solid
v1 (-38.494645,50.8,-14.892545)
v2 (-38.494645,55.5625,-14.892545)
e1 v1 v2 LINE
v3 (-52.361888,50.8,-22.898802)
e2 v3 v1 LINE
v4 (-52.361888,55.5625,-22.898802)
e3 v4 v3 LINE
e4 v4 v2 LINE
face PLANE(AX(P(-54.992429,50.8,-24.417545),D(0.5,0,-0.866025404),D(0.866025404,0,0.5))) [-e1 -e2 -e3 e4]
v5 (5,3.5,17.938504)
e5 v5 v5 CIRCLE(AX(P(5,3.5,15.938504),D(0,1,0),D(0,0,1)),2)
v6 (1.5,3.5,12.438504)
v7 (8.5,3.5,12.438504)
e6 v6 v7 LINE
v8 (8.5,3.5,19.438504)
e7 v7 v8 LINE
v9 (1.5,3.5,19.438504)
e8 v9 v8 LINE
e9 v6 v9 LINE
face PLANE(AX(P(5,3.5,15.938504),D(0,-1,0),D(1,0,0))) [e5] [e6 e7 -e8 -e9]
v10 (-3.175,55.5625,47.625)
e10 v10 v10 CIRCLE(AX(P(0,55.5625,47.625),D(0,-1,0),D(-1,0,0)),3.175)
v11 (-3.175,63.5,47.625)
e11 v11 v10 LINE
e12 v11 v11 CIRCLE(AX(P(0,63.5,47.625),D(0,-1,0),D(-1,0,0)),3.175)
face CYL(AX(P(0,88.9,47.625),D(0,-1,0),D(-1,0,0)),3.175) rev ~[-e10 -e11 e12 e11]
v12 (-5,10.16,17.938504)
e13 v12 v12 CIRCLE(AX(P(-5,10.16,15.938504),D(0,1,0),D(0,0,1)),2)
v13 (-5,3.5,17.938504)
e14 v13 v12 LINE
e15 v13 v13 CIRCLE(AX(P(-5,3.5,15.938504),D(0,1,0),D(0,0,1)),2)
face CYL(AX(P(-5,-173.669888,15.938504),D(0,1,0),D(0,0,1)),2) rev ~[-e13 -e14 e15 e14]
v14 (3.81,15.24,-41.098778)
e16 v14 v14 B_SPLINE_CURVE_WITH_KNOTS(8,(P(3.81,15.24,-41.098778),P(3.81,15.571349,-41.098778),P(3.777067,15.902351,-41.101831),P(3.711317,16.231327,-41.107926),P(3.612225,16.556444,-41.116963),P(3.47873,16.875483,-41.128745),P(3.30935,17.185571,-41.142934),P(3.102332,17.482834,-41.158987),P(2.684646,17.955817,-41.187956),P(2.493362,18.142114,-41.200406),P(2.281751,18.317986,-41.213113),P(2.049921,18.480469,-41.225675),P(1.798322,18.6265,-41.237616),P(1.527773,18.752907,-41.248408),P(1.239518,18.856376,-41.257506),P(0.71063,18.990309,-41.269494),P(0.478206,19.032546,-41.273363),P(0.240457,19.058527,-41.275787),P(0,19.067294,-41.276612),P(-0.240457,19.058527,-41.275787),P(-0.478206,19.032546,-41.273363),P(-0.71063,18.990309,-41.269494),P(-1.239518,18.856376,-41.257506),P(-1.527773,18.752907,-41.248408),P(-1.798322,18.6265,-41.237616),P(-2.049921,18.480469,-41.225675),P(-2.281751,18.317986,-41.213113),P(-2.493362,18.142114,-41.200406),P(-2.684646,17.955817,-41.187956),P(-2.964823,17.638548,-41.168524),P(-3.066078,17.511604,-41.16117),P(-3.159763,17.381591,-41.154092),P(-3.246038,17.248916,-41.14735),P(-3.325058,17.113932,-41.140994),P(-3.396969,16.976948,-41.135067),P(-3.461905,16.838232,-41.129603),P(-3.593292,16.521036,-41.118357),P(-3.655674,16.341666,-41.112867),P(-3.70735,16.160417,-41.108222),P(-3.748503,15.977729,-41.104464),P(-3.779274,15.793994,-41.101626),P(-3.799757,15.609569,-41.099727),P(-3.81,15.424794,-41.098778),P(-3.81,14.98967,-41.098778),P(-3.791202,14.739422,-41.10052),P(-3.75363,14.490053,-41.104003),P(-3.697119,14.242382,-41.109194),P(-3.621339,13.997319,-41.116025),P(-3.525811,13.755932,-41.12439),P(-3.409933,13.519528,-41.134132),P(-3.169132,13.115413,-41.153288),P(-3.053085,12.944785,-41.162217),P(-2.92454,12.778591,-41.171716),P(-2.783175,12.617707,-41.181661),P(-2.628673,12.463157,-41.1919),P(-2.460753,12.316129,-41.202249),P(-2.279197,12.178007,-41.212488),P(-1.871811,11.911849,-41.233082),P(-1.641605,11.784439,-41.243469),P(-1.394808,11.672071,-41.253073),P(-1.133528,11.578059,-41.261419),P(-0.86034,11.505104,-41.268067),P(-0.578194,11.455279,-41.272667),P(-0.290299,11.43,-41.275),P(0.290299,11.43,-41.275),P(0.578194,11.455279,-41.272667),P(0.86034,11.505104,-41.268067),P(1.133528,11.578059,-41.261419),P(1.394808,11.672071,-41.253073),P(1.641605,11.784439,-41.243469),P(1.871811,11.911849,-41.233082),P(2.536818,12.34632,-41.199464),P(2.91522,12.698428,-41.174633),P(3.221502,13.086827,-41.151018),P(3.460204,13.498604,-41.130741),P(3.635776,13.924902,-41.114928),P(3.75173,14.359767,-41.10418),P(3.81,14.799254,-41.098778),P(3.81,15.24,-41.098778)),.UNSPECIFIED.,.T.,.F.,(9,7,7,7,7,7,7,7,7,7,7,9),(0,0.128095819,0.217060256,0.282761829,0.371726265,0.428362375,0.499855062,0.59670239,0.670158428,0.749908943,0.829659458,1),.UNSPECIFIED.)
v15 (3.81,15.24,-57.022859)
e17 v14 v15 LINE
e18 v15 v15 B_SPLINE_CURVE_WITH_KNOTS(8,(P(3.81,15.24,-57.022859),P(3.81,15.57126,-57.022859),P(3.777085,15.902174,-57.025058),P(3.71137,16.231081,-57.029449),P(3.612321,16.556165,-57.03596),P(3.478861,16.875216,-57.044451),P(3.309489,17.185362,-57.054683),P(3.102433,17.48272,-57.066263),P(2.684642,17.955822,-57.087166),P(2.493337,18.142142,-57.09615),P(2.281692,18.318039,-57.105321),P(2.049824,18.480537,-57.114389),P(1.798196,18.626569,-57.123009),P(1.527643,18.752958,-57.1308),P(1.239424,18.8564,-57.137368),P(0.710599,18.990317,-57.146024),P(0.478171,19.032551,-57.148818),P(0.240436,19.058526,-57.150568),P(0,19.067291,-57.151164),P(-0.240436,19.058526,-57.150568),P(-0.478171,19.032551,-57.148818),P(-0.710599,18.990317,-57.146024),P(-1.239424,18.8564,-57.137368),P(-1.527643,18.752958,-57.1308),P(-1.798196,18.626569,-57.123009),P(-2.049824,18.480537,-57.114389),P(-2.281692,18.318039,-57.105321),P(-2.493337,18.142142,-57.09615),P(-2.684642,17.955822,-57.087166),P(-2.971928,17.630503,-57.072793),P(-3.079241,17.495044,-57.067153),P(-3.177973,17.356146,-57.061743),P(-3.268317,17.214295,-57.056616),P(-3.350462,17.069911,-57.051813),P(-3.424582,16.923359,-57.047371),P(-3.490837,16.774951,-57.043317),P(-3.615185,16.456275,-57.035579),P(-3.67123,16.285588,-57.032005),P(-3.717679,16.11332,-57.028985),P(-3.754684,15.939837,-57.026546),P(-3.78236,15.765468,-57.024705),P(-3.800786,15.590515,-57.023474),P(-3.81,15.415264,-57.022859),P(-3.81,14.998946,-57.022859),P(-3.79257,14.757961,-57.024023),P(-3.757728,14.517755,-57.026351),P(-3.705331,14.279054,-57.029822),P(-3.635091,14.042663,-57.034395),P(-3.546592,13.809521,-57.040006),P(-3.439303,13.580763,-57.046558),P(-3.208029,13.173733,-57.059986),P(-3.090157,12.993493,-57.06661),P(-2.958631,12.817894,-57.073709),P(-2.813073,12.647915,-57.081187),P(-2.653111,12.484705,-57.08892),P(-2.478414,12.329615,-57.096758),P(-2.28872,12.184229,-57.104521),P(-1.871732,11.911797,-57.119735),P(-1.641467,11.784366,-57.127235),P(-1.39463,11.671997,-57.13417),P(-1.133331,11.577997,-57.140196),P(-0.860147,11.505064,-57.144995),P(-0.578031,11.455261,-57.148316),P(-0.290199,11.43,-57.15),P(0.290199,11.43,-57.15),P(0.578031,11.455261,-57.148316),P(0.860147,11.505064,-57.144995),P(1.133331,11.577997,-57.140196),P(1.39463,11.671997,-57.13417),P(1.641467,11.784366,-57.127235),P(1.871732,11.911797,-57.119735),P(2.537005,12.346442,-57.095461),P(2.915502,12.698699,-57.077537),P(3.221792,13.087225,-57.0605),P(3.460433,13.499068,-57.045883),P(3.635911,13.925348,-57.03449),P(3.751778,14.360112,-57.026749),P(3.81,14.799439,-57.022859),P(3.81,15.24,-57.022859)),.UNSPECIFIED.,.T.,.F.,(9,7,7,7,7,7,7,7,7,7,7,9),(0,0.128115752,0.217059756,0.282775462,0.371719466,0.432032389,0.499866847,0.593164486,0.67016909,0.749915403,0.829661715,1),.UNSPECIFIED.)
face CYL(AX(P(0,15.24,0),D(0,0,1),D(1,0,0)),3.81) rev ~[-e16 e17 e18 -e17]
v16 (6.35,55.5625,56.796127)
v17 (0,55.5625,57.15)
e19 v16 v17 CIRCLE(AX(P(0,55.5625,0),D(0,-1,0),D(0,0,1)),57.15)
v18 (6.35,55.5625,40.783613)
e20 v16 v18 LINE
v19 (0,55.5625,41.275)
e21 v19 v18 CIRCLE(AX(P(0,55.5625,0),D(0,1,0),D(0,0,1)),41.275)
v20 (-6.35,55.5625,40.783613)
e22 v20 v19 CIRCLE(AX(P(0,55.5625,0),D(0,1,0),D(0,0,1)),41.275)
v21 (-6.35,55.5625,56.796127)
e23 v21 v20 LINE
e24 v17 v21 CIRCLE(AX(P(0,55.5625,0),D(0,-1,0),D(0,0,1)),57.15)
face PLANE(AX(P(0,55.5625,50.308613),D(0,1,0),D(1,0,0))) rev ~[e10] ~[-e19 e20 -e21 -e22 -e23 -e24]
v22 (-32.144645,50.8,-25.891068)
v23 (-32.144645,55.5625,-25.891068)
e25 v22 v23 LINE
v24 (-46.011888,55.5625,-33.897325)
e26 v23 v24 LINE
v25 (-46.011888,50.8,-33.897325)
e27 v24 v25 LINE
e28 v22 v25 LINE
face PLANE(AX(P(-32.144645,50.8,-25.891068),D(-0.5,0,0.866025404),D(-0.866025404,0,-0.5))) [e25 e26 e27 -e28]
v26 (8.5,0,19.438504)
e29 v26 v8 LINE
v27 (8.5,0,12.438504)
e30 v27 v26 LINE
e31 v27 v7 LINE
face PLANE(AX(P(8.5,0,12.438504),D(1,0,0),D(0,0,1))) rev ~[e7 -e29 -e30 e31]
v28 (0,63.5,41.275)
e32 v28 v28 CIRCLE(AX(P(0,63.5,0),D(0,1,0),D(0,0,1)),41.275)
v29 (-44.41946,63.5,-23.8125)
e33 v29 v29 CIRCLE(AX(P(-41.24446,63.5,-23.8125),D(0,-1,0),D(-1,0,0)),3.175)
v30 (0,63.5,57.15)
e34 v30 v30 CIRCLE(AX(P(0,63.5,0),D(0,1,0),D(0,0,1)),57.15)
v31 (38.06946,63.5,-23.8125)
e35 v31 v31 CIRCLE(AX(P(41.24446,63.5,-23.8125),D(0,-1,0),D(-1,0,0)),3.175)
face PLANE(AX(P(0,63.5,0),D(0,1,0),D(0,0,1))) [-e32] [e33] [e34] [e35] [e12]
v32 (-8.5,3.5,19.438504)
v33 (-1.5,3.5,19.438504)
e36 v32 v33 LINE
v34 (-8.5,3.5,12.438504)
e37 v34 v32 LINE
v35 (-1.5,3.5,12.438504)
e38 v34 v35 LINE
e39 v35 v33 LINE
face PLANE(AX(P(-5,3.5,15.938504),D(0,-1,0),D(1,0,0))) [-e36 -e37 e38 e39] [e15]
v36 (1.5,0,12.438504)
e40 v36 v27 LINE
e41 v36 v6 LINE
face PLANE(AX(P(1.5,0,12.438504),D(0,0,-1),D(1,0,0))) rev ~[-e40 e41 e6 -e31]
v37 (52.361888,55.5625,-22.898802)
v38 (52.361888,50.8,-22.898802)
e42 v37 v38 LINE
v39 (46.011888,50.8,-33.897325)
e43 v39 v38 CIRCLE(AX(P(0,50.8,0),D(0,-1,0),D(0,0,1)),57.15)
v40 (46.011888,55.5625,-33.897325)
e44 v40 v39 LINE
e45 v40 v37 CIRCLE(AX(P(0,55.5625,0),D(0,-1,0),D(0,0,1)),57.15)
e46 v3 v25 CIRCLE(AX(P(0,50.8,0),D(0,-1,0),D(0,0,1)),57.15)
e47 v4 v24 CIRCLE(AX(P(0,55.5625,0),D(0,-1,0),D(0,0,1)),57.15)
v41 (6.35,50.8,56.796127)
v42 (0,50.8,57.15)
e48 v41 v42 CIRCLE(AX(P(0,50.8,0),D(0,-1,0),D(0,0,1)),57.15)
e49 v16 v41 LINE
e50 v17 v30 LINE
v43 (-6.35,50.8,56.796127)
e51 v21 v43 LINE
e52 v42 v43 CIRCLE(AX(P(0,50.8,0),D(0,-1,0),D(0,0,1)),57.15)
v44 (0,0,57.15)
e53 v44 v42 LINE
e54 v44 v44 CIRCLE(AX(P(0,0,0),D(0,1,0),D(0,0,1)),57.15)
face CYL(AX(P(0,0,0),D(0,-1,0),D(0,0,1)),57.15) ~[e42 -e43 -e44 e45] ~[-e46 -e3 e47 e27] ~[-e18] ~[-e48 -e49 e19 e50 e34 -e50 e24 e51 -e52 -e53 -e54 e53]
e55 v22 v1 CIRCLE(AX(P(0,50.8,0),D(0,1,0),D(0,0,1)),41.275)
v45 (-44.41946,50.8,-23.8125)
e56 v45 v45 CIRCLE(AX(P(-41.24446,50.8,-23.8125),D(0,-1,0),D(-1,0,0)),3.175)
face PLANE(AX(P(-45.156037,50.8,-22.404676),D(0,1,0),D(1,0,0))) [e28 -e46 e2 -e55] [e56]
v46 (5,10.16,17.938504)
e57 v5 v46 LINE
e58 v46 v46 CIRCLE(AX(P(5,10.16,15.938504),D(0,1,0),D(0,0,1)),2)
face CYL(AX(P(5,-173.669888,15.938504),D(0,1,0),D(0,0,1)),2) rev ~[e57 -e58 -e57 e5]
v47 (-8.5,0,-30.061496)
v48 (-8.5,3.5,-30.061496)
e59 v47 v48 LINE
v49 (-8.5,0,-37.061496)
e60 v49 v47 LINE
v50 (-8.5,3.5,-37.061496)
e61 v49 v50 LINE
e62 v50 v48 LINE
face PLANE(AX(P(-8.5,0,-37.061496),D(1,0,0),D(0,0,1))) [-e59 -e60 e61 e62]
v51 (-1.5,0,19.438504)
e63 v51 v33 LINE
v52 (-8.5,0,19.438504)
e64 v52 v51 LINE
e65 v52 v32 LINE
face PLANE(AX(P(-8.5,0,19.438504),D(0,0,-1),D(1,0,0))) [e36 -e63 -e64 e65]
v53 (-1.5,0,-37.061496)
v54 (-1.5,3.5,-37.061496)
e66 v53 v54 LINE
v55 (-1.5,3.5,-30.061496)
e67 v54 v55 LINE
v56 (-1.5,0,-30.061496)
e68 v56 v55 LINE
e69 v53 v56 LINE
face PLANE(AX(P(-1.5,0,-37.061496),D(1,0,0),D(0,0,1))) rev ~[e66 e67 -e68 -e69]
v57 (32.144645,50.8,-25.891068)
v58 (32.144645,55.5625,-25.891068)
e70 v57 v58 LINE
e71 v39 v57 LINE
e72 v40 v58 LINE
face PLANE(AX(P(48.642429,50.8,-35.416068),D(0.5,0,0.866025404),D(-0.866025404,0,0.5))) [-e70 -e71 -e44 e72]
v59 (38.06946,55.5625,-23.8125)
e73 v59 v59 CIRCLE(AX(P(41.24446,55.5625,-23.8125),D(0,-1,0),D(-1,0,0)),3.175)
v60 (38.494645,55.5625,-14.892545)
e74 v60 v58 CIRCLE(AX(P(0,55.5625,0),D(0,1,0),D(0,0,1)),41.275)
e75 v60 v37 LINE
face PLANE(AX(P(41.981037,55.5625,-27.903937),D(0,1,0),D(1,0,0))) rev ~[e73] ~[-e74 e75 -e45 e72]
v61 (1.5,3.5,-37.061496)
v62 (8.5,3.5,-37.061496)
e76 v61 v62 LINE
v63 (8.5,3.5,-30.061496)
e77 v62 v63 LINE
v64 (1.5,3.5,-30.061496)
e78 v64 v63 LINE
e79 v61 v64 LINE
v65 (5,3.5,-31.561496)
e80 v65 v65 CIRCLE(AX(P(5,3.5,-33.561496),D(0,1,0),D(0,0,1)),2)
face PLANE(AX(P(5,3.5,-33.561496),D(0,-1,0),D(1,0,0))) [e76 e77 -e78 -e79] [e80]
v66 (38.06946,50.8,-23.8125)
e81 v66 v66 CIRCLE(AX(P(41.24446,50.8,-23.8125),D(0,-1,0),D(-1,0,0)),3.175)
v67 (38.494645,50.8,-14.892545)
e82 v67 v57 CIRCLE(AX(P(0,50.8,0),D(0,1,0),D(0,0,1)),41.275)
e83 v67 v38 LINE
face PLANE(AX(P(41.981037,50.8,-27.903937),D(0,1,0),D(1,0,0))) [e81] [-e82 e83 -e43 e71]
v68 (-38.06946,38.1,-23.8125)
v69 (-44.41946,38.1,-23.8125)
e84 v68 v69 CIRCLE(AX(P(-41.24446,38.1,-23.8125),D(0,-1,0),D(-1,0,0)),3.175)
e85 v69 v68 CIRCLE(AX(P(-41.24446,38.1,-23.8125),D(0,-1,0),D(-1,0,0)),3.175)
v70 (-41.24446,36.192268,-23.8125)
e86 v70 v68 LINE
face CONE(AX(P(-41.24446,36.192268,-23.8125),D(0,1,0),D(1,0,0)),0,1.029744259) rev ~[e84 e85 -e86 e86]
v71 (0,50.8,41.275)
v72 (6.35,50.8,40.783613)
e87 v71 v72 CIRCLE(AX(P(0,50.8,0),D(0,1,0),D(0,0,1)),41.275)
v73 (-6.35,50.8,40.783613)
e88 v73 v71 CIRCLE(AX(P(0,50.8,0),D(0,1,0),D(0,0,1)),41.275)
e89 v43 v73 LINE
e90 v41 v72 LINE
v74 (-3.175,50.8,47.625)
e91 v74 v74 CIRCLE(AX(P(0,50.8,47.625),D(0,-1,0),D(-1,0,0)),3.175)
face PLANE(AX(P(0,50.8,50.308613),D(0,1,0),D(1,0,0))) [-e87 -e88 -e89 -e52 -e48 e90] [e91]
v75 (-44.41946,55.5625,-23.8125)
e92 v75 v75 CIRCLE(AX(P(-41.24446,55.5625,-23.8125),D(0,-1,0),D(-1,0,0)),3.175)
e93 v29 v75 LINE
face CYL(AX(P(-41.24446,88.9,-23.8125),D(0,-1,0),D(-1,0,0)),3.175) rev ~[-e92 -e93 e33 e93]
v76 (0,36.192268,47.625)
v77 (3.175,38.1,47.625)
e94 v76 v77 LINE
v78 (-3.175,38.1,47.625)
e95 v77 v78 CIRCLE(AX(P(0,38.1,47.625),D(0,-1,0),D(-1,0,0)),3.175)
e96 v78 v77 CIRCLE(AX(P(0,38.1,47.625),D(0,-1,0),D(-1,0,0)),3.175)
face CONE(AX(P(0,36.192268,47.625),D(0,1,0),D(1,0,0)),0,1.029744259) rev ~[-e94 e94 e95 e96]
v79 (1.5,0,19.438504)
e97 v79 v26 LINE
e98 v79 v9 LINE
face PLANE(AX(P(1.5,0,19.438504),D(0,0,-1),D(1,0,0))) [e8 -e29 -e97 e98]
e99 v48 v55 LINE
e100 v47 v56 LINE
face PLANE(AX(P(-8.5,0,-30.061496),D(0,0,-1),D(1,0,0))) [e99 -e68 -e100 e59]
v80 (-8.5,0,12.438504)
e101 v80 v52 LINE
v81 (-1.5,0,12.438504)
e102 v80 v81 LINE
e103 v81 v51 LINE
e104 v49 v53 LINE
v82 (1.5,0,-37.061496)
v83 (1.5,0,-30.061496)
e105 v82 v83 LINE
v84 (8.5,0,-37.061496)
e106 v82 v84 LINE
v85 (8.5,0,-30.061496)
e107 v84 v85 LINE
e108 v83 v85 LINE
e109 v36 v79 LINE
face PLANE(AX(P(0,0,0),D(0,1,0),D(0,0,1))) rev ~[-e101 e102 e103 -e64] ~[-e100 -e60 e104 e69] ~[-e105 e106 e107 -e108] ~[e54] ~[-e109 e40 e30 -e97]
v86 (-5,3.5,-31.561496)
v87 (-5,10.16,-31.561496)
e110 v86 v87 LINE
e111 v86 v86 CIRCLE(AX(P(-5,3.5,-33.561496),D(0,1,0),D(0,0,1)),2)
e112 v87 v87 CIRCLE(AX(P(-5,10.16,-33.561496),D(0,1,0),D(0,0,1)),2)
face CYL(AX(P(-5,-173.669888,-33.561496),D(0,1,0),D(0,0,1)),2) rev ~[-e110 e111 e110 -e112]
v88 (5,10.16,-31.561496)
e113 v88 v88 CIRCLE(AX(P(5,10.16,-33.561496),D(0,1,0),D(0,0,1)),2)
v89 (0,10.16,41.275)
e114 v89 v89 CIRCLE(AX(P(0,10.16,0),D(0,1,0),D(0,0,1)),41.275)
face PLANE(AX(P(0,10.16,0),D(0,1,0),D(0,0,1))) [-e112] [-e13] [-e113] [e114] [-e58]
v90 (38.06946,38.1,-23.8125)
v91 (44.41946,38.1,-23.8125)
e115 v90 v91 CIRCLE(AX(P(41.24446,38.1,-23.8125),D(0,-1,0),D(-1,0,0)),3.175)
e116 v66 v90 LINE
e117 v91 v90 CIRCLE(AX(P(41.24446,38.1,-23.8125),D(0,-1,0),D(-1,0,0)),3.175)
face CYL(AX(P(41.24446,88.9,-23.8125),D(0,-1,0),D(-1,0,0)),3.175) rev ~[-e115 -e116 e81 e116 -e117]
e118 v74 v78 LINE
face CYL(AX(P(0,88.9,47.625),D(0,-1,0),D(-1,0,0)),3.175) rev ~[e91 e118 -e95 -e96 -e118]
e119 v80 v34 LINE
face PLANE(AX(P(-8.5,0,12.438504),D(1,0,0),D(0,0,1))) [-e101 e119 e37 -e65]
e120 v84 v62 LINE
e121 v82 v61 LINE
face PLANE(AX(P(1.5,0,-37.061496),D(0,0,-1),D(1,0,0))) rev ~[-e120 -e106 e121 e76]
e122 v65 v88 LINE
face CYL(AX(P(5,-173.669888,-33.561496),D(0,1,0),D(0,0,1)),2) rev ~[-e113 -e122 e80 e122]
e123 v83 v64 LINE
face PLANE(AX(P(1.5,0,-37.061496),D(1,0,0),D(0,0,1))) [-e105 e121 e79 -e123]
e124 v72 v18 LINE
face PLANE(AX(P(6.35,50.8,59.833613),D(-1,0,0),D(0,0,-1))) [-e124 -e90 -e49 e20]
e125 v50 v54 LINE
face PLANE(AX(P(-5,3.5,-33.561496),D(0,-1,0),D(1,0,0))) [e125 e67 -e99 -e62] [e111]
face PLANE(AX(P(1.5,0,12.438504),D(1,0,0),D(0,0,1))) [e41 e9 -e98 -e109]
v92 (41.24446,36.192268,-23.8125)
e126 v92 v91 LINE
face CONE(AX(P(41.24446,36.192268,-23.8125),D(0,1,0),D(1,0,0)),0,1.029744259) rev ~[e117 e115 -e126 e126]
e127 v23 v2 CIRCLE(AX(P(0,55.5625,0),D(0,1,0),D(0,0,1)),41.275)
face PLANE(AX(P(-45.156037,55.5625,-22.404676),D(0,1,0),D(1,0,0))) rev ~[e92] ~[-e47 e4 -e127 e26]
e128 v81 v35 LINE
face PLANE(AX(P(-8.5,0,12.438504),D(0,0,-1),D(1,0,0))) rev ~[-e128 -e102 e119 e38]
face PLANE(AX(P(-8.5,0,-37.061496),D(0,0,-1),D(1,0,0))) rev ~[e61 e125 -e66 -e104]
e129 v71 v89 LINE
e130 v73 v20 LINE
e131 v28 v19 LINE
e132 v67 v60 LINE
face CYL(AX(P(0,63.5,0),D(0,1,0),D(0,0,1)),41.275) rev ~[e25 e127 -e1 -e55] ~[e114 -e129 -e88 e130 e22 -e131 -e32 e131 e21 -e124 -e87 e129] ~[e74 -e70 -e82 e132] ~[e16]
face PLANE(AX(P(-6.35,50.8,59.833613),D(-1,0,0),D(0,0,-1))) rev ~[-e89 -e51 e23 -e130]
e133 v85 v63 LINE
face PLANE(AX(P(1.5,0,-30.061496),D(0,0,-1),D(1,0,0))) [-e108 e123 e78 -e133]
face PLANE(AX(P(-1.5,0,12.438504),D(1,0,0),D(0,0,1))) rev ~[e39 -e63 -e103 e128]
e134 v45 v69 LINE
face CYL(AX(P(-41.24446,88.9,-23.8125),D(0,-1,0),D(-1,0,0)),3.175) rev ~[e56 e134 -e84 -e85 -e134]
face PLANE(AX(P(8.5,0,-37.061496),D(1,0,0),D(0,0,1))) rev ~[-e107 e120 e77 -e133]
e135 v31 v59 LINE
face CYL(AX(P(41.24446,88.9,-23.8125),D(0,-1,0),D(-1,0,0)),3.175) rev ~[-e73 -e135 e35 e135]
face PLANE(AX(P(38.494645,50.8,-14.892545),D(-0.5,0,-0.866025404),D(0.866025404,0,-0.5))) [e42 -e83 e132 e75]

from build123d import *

# Parameters (mm, degrees)
SKETCH1_R                       = 57.15
BOSS_EXTRUDE1_DEPTH             = 63.5
SKETCH2_R                       = 41.275
CUT_EXTRUDE1_DEPTH              = 53.34
F_1_4_0_25_DIAMETER_HOLE4_D     = 6.35
F_1_4_0_25_DIAMETER_HOLE4_DEPTH = 25.4
F_1_4_0_25_DIAMETER_HOLE4_TIP   = 1.907732465
SKETCH7_R                       = 3.81
CUT_EXTRUDE2_DEPTH              = 103.783729257
F_4_0MM_DOWEL_HOLE1_D           = 4
SKETCH9_W                       = 7
SKETCH9_H                       = 7
CUT_EXTRUDE3_DEPTH              = 3.5
SKETCH12_W                      = 12.7
SKETCH12_H                      = 19.05
CUT_EXTRUDE4_DEPTH              = 4.7625


with BuildPart() as part:
    # Sketch1 → Boss-Extrude1 (new body)
    with BuildSketch(Plane(origin=(0, 0, 0), x_dir=(1, 0, 0), z_dir=(0, 1, 0))):
        with Locations(Location((0, 0, 0), (0, 0, 270))):
            Circle(SKETCH1_R)
    extrude(amount=BOSS_EXTRUDE1_DEPTH)

    # Sketch2 → Cut-Extrude1 (cut)
    with BuildSketch(Plane(origin=(0, 63.5, 0), x_dir=(1, 0, 0), z_dir=(0, 1, 0))):
        with Locations(Location((0, 0, 0), (0, 0, 270))):
            Circle(SKETCH2_R)
    extrude(amount=-CUT_EXTRUDE1_DEPTH, mode=Mode.SUBTRACT)

    # 1/4 (0.25) Diameter Hole4
    with Locations(Plane(origin=(0, 63.5, 0), x_dir=(1, 0, 0), z_dir=(0, 1, 0))):
        with Locations((-41.244459855, 23.8125), (0, -47.625), (41.244459855, 23.8125)):
            Hole(F_1_4_0_25_DIAMETER_HOLE4_D / 2, depth=F_1_4_0_25_DIAMETER_HOLE4_DEPTH)
            with Locations((0, 0, -(F_1_4_0_25_DIAMETER_HOLE4_DEPTH + F_1_4_0_25_DIAMETER_HOLE4_TIP / 2))):  # 118° drill point
                Cone(0, F_1_4_0_25_DIAMETER_HOLE4_D / 2, F_1_4_0_25_DIAMETER_HOLE4_TIP, mode=Mode.SUBTRACT)

    # Sketch7 → Cut-Extrude2 (cut, through all)
    with BuildSketch(Plane.XY):
        with Locations((0, 15.24)):
            Circle(SKETCH7_R)
    extrude(amount=-CUT_EXTRUDE2_DEPTH, mode=Mode.SUBTRACT)

    # Ø4.0mm Dowel Hole1 (through all)
    with Locations(Plane(origin=(-5, 0, 15.938504039), x_dir=(0, 0, -1), z_dir=(0, -1, 0))):
        with Locations((0, 0), (0, 10), (49.5, 10), (49.5, 0)):
            Hole(F_4_0MM_DOWEL_HOLE1_D / 2)

    # Sketch9 → Cut-Extrude3 (cut)
    with BuildSketch(Plane.XZ):
        with Locations((-5, 15.938504039)):
            Rectangle(SKETCH9_W, SKETCH9_H)
        with Locations((5, 15.938504039)):
            Rectangle(SKETCH9_W, SKETCH9_H)
        with Locations((5, -33.561495961)):
            Rectangle(SKETCH9_W, SKETCH9_H)
        with Locations((-5, -33.561495961)):
            Rectangle(SKETCH9_W, SKETCH9_H)
    extrude(amount=-CUT_EXTRUDE3_DEPTH, mode=Mode.SUBTRACT)

    # Sketch12 → Cut-Extrude4 (cut)
    with BuildSketch(Plane(origin=(0, 50.8, 0), x_dir=(1, 0, 0), z_dir=(0, 1, 0))):
        Polygon((-54.992429237, 24.417545405), (-38.494645295, 14.892545405), (-35.319645295, 20.391806719), (-51.817429237, 29.916806719), align=None)
        Polygon((-51.817429237, 29.916806719), (-35.319645295, 20.391806719), (-32.144645295, 25.891068033), (-48.642429237, 35.416068033), align=None)
        Polygon((32.144645295, 25.891068033), (35.319645295, 20.391806719), (51.817429237, 29.916806719), (48.642429237, 35.416068033), align=None)
        Polygon((51.817429237, 29.916806719), (35.319645295, 20.391806719), (38.494645295, 14.892545405), (54.992429237, 24.417545405), align=None)
        with Locations((0, -50.308613437)):
            Rectangle(SKETCH12_W, SKETCH12_H)
    extrude(amount=CUT_EXTRUDE4_DEPTH, mode=Mode.SUBTRACT)


solid = part.part
